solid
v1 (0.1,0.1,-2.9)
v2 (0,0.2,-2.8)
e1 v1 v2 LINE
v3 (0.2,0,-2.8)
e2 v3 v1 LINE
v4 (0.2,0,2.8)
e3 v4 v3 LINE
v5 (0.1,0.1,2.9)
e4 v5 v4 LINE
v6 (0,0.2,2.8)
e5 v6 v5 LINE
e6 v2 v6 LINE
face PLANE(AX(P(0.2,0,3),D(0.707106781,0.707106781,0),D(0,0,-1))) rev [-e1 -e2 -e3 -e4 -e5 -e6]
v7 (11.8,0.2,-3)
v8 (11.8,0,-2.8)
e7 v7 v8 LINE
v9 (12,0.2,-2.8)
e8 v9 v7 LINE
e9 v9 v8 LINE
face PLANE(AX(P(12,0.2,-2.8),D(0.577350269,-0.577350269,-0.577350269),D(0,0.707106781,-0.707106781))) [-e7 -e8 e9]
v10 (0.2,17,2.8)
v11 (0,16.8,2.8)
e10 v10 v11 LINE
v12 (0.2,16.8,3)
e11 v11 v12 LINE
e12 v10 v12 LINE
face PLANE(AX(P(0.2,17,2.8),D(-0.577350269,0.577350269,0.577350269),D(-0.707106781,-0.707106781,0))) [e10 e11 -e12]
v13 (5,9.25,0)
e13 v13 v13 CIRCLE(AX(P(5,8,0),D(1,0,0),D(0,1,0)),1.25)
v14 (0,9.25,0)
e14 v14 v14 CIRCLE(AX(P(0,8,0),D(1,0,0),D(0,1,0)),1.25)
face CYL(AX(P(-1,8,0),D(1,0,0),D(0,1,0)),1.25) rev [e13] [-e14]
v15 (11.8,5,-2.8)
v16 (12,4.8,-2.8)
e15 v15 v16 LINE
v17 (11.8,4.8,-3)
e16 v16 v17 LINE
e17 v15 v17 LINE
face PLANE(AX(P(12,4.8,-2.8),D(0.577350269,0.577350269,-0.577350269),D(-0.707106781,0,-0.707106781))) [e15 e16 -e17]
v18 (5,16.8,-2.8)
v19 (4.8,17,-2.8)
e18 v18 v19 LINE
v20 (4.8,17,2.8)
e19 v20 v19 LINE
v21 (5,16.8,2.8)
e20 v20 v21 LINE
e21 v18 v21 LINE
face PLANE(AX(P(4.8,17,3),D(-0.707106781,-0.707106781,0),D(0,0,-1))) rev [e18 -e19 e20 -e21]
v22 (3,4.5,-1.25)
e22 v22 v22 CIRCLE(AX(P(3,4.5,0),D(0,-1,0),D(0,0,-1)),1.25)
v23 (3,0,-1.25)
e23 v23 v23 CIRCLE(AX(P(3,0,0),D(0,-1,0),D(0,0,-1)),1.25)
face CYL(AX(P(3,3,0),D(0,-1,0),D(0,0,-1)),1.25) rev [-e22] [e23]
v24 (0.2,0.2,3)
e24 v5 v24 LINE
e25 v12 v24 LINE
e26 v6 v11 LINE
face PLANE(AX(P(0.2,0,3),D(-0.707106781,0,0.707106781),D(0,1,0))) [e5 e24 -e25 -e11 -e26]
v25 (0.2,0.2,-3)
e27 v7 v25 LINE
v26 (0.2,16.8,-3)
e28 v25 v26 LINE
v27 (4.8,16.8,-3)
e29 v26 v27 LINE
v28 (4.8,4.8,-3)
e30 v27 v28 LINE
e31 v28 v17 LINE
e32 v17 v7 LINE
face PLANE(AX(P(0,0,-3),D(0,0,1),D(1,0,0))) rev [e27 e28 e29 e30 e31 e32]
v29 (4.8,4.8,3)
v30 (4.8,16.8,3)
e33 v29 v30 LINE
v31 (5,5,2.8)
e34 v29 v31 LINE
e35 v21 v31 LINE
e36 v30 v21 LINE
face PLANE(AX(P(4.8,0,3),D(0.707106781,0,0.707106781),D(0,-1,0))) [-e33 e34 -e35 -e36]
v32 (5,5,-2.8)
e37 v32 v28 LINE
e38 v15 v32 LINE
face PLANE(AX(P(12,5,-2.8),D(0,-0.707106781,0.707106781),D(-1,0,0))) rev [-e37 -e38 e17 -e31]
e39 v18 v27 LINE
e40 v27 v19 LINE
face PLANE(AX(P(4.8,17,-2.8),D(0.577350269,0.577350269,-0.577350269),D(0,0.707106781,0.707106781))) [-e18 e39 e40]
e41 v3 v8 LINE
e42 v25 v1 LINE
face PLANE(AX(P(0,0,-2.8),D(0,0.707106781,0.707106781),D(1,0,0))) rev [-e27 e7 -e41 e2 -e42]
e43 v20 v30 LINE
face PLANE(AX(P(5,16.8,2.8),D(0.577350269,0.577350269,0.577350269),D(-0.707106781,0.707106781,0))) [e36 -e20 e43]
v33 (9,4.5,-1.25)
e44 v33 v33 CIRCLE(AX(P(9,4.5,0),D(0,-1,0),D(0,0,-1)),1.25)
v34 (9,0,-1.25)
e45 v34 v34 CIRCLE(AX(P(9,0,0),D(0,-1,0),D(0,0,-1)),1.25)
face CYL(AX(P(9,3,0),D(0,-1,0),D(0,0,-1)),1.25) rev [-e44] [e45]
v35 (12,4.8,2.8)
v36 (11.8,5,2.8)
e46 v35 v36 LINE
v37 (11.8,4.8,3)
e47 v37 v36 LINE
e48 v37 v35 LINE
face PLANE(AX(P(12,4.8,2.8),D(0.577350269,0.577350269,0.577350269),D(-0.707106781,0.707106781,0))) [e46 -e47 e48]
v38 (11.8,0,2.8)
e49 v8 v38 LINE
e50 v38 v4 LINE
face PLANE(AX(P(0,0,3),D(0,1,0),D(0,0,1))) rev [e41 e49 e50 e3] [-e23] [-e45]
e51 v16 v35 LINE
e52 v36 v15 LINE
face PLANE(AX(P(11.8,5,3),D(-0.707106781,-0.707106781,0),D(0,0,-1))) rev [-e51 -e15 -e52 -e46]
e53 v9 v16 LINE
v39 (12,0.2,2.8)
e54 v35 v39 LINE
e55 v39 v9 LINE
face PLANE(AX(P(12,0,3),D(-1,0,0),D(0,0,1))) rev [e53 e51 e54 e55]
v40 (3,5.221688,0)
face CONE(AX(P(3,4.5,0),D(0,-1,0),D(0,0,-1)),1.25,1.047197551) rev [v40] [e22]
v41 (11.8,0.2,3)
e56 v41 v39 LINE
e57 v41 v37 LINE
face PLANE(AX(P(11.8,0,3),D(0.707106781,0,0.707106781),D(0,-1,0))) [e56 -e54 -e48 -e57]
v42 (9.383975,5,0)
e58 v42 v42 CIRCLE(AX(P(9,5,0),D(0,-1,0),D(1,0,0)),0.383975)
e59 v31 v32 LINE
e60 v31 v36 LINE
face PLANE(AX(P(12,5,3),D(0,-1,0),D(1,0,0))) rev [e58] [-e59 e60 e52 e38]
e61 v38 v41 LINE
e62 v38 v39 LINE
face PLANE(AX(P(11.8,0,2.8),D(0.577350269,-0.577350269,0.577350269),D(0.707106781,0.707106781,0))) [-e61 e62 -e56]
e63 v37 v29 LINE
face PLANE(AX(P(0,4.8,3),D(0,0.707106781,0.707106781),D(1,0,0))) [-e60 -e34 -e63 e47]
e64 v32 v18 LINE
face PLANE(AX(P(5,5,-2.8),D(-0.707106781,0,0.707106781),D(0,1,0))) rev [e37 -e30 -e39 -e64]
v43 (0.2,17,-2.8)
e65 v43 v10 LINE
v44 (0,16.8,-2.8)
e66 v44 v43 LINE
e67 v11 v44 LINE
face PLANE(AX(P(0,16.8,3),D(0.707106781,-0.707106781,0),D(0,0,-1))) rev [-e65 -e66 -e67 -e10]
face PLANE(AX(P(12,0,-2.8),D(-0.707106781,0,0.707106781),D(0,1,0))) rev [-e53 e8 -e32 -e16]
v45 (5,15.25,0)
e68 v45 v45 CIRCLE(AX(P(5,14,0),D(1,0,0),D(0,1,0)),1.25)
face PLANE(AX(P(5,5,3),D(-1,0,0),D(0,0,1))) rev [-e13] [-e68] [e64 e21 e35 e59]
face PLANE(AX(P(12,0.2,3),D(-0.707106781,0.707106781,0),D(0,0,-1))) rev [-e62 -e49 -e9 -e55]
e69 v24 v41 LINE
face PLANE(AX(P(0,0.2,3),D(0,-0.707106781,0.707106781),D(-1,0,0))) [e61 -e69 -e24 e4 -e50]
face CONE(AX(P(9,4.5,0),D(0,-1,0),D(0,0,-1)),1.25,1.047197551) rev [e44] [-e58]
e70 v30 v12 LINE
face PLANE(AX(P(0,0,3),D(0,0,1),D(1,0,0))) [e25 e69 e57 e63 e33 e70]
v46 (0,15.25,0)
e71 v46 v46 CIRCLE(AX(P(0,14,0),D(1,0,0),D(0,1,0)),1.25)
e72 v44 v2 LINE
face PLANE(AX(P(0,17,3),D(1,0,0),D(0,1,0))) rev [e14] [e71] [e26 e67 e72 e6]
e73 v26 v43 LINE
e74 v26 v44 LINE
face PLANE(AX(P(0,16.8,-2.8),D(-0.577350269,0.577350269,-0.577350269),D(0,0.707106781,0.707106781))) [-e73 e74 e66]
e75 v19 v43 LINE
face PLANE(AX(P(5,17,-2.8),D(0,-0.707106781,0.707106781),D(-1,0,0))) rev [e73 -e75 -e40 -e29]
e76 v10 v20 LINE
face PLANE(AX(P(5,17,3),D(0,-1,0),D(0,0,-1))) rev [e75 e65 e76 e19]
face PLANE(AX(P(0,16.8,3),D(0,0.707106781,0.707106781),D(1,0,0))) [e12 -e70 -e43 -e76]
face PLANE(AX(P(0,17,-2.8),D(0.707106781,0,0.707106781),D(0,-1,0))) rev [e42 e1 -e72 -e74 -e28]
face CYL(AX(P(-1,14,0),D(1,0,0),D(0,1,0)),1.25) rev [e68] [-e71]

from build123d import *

# Parameters (mm, degrees)
EXTRUDE_1_DEPTH        = 3
SKETCH_2_R             = 1.25
CUT_EXTRUDE_1_DEPTH    = 6
SKETCH_3_R             = 1.25
CUT_EXTRUDE_2_DEPTH    = 3
HOLE_WIZARD_M3_1_D     = 2.5
HOLE_WIZARD_M3_1_DEPTH = 4.5
HOLE_WIZARD_M3_1_TIP   = 0.721687836
CHAMFER_1_SIZE         = 0.2
CHAMFER_2_SIZE         = 0.2


with BuildPart() as part:
    # 草图1 → 凸台-拉伸1 (new body, symmetric)
    with BuildSketch(Plane.XY):
        Polygon((0, 17), (0, 0), (12, 0), (12, 5), (5, 5), (5, 17), align=None)
    extrude(amount=EXTRUDE_1_DEPTH, both=True)

    # 草图2 → 切除-拉伸1 (cut)
    with BuildSketch(Plane(origin=(5, 0, 0), x_dir=(0, 0, -1), z_dir=(1, 0, 0))):
        with Locations((0, 14)):
            Circle(SKETCH_2_R)
        with Locations((0, 8)):
            Circle(SKETCH_2_R)
    extrude(amount=-CUT_EXTRUDE_1_DEPTH, mode=Mode.SUBTRACT)

    # 草图3 → 切除-拉伸2 (cut)
    with BuildSketch(Plane.XZ):
        with Locations((9, 0)):
            Circle(SKETCH_3_R)
        with Locations((3, 0)):
            Circle(SKETCH_3_R)
    extrude(amount=-CUT_EXTRUDE_2_DEPTH, mode=Mode.SUBTRACT)

    # M3 螺纹孔1
    with Locations(Plane(origin=(3, 0, 0), x_dir=(0, 0, -1), z_dir=(0, -1, 0))):
        with Locations((0, 0), (0, 6)):
            Hole(HOLE_WIZARD_M3_1_D / 2, depth=HOLE_WIZARD_M3_1_DEPTH)
            with Locations((0, 0, -(HOLE_WIZARD_M3_1_DEPTH + HOLE_WIZARD_M3_1_TIP / 2))):  # 120° drill point
                Cone(0, HOLE_WIZARD_M3_1_D / 2, HOLE_WIZARD_M3_1_TIP, mode=Mode.SUBTRACT)

    # 倒角1
    chamfer_1_edges = [part.edges().sort_by_distance(p)[0] for p in [
        (6, 0, 3),
        (5, 17, 0),
        (12, 5, 0),
        (12, 0, 0),
        (0, 17, 0),
        (12, 2.5, 3),
        (8.5, 5, 3),
        (5, 11, 3),
        (2.5, 17, 3),
        (5, 11, -3),
        (8.5, 5, -3),
        (12, 2.5, -3),
        (0, 8.5, 3),
        (6, 0, -3),
        (0, 8.5, -3),
        (2.5, 17, -3),
    ]]
    chamfer(chamfer_1_edges, length=CHAMFER_1_SIZE)

    # 倒角2
    chamfer_2_edges = [part.edges().sort_by_distance(p)[0] for p in [
        (0, 0, 0),
    ]]
    chamfer(chamfer_2_edges, length=CHAMFER_2_SIZE)


solid = part.part
